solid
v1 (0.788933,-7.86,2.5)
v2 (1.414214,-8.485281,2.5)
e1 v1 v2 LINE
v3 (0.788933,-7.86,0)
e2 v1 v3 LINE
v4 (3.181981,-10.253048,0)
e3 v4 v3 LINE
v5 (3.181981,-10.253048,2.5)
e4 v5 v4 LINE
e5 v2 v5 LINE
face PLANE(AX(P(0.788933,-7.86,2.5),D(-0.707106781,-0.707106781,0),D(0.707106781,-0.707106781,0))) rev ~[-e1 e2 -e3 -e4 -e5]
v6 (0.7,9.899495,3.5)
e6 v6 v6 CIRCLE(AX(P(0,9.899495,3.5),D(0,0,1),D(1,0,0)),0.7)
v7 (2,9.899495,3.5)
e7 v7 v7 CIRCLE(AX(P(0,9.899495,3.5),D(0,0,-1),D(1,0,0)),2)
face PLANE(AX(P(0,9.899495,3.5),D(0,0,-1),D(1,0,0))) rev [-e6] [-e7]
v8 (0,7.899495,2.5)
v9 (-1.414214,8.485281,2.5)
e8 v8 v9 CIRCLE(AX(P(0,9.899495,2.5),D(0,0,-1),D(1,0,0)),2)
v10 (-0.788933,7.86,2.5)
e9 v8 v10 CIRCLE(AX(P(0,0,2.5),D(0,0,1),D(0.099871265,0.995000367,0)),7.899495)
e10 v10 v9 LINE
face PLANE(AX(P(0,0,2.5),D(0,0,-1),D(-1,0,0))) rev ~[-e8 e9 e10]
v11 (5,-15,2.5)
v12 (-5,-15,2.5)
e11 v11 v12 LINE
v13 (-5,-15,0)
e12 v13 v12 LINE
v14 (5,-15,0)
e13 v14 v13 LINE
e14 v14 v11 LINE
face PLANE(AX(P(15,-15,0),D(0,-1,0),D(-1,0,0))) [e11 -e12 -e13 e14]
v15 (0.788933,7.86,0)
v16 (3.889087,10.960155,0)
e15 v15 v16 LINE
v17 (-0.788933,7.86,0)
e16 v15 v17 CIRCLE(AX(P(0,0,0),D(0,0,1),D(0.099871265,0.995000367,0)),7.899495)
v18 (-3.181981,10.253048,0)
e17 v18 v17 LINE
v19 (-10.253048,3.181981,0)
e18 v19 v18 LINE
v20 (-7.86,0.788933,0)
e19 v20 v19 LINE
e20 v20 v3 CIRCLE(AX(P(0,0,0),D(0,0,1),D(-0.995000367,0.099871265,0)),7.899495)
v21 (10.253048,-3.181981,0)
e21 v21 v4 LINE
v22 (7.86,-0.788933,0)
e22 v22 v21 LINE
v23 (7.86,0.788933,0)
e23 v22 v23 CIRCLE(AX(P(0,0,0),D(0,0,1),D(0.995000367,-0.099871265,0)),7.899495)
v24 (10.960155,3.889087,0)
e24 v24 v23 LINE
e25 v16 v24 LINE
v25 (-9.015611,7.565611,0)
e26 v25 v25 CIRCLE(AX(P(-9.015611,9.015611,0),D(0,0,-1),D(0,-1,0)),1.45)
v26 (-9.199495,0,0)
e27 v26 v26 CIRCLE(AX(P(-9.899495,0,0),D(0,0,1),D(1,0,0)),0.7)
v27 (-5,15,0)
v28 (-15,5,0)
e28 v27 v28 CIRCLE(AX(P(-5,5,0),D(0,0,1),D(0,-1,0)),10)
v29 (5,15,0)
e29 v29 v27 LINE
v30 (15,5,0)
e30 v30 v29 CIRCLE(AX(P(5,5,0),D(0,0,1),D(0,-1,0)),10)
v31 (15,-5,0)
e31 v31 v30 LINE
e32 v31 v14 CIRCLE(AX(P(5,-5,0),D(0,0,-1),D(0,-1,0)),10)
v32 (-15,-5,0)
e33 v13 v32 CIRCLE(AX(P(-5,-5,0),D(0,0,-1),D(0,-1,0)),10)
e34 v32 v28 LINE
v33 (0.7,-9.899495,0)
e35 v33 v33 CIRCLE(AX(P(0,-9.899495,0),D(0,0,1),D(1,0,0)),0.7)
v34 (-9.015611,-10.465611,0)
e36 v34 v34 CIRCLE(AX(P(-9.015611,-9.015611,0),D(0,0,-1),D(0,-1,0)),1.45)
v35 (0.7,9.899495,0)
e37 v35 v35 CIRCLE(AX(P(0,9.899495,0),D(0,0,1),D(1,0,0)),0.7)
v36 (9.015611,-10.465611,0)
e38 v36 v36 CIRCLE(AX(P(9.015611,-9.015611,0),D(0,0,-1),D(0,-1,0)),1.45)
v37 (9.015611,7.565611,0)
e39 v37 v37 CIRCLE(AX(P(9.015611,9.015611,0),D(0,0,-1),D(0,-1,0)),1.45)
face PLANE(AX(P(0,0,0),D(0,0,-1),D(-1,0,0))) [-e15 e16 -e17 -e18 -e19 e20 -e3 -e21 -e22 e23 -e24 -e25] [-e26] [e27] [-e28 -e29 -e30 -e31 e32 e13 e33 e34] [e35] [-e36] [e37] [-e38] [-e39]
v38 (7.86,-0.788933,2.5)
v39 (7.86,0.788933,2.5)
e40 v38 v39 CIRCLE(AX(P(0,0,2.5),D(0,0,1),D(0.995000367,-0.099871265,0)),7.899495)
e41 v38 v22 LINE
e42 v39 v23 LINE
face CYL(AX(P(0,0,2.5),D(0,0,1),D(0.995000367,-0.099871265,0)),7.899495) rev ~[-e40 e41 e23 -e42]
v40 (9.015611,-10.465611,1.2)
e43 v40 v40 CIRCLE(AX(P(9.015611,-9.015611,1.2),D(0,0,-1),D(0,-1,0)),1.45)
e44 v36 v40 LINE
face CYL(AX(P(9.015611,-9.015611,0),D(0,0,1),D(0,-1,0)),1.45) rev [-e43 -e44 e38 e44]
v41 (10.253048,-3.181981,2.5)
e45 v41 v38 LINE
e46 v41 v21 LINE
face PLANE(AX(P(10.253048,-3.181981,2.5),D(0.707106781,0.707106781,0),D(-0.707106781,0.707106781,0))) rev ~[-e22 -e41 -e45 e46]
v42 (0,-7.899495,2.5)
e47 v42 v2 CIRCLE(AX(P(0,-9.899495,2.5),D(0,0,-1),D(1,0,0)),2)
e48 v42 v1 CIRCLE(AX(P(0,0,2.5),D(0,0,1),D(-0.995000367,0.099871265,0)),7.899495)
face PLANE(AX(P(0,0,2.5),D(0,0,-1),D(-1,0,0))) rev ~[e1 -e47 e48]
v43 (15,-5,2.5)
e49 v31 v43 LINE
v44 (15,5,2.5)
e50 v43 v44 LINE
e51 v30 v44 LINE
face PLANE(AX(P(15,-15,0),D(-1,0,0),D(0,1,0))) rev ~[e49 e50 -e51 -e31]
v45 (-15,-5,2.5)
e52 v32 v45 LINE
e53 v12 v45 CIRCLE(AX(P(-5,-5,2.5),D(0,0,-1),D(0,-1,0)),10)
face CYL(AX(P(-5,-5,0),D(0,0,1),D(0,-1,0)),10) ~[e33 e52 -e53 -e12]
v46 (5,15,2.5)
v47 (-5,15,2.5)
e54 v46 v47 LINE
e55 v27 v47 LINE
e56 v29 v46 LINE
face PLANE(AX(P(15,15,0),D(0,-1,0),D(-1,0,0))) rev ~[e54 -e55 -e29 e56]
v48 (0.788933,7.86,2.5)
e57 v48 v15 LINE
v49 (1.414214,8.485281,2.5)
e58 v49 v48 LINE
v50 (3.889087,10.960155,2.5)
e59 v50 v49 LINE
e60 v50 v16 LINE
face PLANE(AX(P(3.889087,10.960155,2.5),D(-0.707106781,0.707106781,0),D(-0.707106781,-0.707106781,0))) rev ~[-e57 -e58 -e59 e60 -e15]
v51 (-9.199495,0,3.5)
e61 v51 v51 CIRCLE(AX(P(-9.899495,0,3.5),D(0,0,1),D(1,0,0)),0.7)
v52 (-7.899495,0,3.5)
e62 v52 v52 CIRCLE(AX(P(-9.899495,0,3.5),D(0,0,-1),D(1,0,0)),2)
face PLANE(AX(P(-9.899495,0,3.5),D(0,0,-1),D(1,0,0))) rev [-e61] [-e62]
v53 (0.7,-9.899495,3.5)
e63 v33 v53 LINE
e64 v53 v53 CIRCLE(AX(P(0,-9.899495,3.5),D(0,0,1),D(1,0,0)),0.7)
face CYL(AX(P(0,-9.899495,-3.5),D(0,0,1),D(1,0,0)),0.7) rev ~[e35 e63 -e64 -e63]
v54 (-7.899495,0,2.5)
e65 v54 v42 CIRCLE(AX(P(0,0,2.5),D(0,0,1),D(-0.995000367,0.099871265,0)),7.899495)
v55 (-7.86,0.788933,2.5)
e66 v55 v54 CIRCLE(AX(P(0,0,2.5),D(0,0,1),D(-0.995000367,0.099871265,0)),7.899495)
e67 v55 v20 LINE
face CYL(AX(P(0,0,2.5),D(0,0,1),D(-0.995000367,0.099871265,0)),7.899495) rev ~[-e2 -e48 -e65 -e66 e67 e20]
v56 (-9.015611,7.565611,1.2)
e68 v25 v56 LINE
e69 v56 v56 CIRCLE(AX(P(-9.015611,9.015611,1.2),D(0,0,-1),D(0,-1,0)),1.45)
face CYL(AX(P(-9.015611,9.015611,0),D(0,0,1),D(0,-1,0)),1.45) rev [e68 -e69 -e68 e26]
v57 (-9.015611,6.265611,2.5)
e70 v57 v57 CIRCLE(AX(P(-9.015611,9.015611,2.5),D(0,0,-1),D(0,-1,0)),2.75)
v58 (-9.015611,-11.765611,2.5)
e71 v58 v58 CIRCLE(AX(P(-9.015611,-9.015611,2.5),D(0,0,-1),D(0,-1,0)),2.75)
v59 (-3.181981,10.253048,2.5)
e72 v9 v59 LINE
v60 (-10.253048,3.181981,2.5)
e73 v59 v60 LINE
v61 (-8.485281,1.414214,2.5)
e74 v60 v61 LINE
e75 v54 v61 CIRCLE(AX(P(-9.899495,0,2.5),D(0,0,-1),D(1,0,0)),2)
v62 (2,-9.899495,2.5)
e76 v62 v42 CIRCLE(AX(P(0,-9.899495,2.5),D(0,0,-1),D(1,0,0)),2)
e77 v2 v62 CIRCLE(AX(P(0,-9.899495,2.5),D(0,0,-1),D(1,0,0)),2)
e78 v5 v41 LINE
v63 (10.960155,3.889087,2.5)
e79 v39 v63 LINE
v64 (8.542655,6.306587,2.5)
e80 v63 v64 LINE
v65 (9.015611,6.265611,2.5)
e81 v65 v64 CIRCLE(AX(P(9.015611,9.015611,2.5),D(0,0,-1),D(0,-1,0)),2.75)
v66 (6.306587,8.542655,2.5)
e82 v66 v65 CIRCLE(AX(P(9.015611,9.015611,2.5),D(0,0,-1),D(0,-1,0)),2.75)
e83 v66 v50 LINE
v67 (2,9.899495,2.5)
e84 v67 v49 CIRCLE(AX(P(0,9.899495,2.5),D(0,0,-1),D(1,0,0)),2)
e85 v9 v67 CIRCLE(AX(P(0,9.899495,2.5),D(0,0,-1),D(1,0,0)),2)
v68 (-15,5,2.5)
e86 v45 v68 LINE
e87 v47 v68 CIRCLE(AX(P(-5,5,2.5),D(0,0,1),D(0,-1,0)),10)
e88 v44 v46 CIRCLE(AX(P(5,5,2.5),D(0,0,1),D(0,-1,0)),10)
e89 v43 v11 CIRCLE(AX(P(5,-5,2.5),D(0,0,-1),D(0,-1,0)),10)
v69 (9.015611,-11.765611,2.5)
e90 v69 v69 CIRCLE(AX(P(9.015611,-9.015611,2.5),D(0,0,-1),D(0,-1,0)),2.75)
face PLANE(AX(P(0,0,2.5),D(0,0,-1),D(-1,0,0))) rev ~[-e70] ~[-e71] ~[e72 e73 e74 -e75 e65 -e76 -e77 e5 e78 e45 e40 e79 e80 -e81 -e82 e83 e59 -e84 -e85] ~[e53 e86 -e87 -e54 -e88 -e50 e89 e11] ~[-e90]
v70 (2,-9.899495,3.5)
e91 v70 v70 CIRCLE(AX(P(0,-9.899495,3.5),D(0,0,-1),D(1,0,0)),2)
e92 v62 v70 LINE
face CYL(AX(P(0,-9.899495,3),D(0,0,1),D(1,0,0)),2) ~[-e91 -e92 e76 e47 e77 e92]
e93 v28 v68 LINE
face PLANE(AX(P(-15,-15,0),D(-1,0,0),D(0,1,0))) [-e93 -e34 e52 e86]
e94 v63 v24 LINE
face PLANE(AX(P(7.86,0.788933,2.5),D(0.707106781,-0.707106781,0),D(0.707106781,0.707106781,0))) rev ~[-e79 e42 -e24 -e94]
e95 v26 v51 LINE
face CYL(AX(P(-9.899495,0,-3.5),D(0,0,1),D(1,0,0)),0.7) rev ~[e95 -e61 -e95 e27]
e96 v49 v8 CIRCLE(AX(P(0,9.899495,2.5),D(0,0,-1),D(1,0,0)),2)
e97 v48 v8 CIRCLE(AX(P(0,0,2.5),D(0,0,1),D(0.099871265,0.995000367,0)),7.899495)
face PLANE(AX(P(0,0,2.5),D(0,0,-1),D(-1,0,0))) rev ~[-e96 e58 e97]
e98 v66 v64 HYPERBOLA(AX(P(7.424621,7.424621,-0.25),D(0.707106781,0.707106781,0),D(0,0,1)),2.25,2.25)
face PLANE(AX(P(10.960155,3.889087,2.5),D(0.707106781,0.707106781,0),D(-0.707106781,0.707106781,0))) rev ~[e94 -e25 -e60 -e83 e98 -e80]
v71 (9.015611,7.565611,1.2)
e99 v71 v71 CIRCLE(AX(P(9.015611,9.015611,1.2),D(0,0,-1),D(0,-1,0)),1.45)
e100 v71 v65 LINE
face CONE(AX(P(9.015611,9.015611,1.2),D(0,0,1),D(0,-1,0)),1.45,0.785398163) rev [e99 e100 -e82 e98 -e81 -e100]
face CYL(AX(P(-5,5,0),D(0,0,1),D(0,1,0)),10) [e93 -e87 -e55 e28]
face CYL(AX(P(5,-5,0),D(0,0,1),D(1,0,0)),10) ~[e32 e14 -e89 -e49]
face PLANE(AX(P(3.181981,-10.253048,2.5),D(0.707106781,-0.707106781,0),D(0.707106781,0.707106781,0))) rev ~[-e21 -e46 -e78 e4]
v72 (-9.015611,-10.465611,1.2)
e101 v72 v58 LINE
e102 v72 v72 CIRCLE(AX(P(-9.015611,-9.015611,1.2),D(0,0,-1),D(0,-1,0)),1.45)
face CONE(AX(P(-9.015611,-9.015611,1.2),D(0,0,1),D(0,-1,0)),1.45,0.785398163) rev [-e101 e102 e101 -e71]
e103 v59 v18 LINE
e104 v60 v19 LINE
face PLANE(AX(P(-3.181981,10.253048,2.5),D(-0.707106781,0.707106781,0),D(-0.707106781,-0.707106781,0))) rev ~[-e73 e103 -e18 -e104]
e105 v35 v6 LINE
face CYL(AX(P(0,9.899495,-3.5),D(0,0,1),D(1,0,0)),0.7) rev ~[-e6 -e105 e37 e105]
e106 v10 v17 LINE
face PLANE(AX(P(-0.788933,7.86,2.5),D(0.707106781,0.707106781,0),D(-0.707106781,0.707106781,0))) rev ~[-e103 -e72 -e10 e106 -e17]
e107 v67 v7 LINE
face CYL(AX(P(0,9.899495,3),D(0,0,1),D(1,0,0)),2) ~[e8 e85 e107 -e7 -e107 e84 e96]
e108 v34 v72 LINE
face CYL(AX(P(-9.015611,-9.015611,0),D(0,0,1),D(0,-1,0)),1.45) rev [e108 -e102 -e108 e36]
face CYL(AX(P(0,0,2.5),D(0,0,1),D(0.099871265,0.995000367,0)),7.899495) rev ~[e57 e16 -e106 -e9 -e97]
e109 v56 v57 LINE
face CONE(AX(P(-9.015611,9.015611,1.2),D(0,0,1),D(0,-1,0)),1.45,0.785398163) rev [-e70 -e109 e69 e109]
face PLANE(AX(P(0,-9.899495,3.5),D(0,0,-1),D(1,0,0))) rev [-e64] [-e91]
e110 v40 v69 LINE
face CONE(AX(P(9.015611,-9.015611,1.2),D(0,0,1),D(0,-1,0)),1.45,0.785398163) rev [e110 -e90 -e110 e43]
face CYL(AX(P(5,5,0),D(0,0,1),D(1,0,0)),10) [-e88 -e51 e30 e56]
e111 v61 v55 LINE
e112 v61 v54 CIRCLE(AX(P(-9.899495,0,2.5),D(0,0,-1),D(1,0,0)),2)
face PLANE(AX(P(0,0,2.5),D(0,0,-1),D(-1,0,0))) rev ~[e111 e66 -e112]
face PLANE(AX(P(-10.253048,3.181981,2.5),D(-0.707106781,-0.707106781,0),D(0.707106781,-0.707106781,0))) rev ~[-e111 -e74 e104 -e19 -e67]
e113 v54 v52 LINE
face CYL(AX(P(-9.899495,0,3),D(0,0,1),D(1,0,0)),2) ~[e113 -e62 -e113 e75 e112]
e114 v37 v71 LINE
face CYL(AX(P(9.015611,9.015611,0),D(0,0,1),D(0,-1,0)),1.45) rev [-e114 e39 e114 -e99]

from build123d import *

# Parameters (mm, degrees)
SKETCH1_W                                      = 30
SKETCH1_H                                      = 30
BOSS_EXTRUDE1_DEPTH                            = 2.5
CUT_EXTRUDE1_DEPTH                             = 3.5
SKETCH3_W                                      = 2
SKETCH3_H                                      = 1
SKETCH4_W                                      = 2
SKETCH4_H                                      = 1
SKETCH5_W                                      = 2
SKETCH5_H                                      = 1
CSK_FOR_M2_5_FLAT_HEAD_MACHINE_SCREW1_AT_COUNT = 2
CSK_FOR_M2_5_FLAT_HEAD_MACHINE_SCREW1_AT_PITCH = 18.03122292
CSK_FOR_M2_5_FLAT_HEAD_MACHINE_SCREW_2_COUNT   = 2
CSK_FOR_M2_5_FLAT_HEAD_MACHINE_SCREW_2_PITCH   = 25.5
CSK_FOR_M2_5_FLAT_HEAD_MACHINE_SCREW_3_COUNT   = 2
CSK_FOR_M2_5_FLAT_HEAD_MACHINE_SCREW_3_PITCH   = 18.03122292
F_1_4_1_4_DIAMETER_HOLE1_D                     = 1.4
F_1_4_1_4_DIAMETER_HOLE1_DEPTH                 = 3.5
FILLET1_R                                      = 10


with BuildPart() as part:
    # Sketch1 → Boss-Extrude1 (new body)
    with BuildSketch(Plane(origin=(0, 0, 0), x_dir=(-1, 0, 0), z_dir=(0, 0, -1))):
        Rectangle(SKETCH1_W, SKETCH1_H)
    extrude(amount=-BOSS_EXTRUDE1_DEPTH)

    # Sketch2 → Cut-Extrude1 (cut, through all)
    with BuildSketch(Plane.XY.offset(2.5)):
        with BuildLine():
            Line((-3.181980515, 10.253048327), (-10.253048327, 3.181980515))
            Line((-10.253048327, 3.181980515), (-7.860000362, 0.78893255))
            ThreePointArc((-7.860000362, 0.78893255), (-5.585786438, -5.585786438), (0.78893255, -7.860000362))
            Line((0.78893255, -7.860000362), (3.181980515, -10.253048327))
            Line((3.181980515, -10.253048327), (10.253048327, -3.181980515))
            Line((10.253048327, -3.181980515), (7.860000362, -0.78893255))
            ThreePointArc((7.860000362, -0.78893255), (7.899494937, 0), (7.860000362, 0.78893255))
            Line((7.860000362, 0.78893255), (10.960155108, 3.889087297))
            Line((10.960155108, 3.889087297), (3.889087297, 10.960155108))
            Line((3.889087297, 10.960155108), (0.78893255, 7.860000362))
            ThreePointArc((0.78893255, 7.860000362), (0, 7.899494937), (-0.78893255, 7.860000362))
            Line((-0.78893255, 7.860000362), (-3.181980515, 10.253048327))
        make_face()
    extrude(amount=-CUT_EXTRUDE1_DEPTH, mode=Mode.SUBTRACT)

    # Sketch3 → Revolve1 (revolve)
    with BuildSketch(Plane.XZ):
        with Locations((-8.899494937, 3)):
            Rectangle(SKETCH3_W, SKETCH3_H)
    revolve(axis=Axis((-9.899494937, 0, 3.5), (0, 0, -1)))

    # Sketch4 → Revolve2 (revolve)
    with BuildSketch(Plane.XZ.offset(-9.899494937)):
        with Locations((1, 3)):
            Rectangle(SKETCH4_W, SKETCH4_H)
    revolve(axis=Axis((0, 9.899494937, 3.5), (0, 0, -1)))

    # Sketch5 → Revolve3 (revolve)
    with BuildSketch(Plane.XZ.offset(9.899494937)):
        with Locations((1, 3)):
            Rectangle(SKETCH5_W, SKETCH5_H)
    revolve(axis=Axis((0, -9.899494937, 3.5), (0, 0, -1)))

    # Sketch6 → CSK for M2.5 Flat Head Machine Screw1 (revolve, cut)
    with BuildSketch(Plane(origin=(9.01561146, 9.01561146, 2.5), x_dir=(0, -1, 0), z_dir=(1, 0, 0))):
        Polygon((0, 0), (0, 2.5), (1.45, 2.5), (1.45, 1.3), (2.75, 0), align=None)
    csk_for_m2_5_flat_head_machine_screw1 = revolve(axis=Axis((9.01561146, 9.01561146, 8.85), (0, 0, -1)), mode=Mode.SUBTRACT)

    # CSK for M2.5 Flat Head Machine Screw1 at: CSK for M2.5 Flat Head Machine Screw1 ×2
    with Locations(*[(-i * CSK_FOR_M2_5_FLAT_HEAD_MACHINE_SCREW1_AT_PITCH, 0, 0) for i in range(1, CSK_FOR_M2_5_FLAT_HEAD_MACHINE_SCREW1_AT_COUNT)]):
        add(csk_for_m2_5_flat_head_machine_screw1, mode=Mode.SUBTRACT)

    # CSK for M2.5 Flat Head Machine Screw 2: CSK for M2.5 Flat Head Machine Screw1 ×2
    with Locations(*[Vector(-0.707106781, -0.707106781, 0) * (i * CSK_FOR_M2_5_FLAT_HEAD_MACHINE_SCREW_2_PITCH) for i in range(1, CSK_FOR_M2_5_FLAT_HEAD_MACHINE_SCREW_2_COUNT)]):
        add(csk_for_m2_5_flat_head_machine_screw1, mode=Mode.SUBTRACT)

    # CSK for M2.5 Flat Head Machine Screw 3: CSK for M2.5 Flat Head Machine Screw1 ×2
    with Locations(*[(0, -i * CSK_FOR_M2_5_FLAT_HEAD_MACHINE_SCREW_3_PITCH, 0) for i in range(1, CSK_FOR_M2_5_FLAT_HEAD_MACHINE_SCREW_3_COUNT)]):
        add(csk_for_m2_5_flat_head_machine_screw1, mode=Mode.SUBTRACT)

    # Ø1.4 (1.4) Diameter Hole1
    with Locations(Plane(origin=(0, 0, 0), x_dir=(-1, 0, 0), z_dir=(0, 0, -1))):
        with Locations((9.899494937, 0), (0, -9.899494937), (0, 9.899494937)):
            Hole(F_1_4_1_4_DIAMETER_HOLE1_D / 2, depth=F_1_4_1_4_DIAMETER_HOLE1_DEPTH)

    # Fillet1
    fillet1_edges = [part.edges().sort_by_distance(p)[0] for p in [
        (15, -15, 1.25),
        (15, 15, 1.25),
        (-15, 15, 1.25),
        (-15, -15, 1.25),
    ]]
    fillet(fillet1_edges, radius=FILLET1_R)


solid = part.part
